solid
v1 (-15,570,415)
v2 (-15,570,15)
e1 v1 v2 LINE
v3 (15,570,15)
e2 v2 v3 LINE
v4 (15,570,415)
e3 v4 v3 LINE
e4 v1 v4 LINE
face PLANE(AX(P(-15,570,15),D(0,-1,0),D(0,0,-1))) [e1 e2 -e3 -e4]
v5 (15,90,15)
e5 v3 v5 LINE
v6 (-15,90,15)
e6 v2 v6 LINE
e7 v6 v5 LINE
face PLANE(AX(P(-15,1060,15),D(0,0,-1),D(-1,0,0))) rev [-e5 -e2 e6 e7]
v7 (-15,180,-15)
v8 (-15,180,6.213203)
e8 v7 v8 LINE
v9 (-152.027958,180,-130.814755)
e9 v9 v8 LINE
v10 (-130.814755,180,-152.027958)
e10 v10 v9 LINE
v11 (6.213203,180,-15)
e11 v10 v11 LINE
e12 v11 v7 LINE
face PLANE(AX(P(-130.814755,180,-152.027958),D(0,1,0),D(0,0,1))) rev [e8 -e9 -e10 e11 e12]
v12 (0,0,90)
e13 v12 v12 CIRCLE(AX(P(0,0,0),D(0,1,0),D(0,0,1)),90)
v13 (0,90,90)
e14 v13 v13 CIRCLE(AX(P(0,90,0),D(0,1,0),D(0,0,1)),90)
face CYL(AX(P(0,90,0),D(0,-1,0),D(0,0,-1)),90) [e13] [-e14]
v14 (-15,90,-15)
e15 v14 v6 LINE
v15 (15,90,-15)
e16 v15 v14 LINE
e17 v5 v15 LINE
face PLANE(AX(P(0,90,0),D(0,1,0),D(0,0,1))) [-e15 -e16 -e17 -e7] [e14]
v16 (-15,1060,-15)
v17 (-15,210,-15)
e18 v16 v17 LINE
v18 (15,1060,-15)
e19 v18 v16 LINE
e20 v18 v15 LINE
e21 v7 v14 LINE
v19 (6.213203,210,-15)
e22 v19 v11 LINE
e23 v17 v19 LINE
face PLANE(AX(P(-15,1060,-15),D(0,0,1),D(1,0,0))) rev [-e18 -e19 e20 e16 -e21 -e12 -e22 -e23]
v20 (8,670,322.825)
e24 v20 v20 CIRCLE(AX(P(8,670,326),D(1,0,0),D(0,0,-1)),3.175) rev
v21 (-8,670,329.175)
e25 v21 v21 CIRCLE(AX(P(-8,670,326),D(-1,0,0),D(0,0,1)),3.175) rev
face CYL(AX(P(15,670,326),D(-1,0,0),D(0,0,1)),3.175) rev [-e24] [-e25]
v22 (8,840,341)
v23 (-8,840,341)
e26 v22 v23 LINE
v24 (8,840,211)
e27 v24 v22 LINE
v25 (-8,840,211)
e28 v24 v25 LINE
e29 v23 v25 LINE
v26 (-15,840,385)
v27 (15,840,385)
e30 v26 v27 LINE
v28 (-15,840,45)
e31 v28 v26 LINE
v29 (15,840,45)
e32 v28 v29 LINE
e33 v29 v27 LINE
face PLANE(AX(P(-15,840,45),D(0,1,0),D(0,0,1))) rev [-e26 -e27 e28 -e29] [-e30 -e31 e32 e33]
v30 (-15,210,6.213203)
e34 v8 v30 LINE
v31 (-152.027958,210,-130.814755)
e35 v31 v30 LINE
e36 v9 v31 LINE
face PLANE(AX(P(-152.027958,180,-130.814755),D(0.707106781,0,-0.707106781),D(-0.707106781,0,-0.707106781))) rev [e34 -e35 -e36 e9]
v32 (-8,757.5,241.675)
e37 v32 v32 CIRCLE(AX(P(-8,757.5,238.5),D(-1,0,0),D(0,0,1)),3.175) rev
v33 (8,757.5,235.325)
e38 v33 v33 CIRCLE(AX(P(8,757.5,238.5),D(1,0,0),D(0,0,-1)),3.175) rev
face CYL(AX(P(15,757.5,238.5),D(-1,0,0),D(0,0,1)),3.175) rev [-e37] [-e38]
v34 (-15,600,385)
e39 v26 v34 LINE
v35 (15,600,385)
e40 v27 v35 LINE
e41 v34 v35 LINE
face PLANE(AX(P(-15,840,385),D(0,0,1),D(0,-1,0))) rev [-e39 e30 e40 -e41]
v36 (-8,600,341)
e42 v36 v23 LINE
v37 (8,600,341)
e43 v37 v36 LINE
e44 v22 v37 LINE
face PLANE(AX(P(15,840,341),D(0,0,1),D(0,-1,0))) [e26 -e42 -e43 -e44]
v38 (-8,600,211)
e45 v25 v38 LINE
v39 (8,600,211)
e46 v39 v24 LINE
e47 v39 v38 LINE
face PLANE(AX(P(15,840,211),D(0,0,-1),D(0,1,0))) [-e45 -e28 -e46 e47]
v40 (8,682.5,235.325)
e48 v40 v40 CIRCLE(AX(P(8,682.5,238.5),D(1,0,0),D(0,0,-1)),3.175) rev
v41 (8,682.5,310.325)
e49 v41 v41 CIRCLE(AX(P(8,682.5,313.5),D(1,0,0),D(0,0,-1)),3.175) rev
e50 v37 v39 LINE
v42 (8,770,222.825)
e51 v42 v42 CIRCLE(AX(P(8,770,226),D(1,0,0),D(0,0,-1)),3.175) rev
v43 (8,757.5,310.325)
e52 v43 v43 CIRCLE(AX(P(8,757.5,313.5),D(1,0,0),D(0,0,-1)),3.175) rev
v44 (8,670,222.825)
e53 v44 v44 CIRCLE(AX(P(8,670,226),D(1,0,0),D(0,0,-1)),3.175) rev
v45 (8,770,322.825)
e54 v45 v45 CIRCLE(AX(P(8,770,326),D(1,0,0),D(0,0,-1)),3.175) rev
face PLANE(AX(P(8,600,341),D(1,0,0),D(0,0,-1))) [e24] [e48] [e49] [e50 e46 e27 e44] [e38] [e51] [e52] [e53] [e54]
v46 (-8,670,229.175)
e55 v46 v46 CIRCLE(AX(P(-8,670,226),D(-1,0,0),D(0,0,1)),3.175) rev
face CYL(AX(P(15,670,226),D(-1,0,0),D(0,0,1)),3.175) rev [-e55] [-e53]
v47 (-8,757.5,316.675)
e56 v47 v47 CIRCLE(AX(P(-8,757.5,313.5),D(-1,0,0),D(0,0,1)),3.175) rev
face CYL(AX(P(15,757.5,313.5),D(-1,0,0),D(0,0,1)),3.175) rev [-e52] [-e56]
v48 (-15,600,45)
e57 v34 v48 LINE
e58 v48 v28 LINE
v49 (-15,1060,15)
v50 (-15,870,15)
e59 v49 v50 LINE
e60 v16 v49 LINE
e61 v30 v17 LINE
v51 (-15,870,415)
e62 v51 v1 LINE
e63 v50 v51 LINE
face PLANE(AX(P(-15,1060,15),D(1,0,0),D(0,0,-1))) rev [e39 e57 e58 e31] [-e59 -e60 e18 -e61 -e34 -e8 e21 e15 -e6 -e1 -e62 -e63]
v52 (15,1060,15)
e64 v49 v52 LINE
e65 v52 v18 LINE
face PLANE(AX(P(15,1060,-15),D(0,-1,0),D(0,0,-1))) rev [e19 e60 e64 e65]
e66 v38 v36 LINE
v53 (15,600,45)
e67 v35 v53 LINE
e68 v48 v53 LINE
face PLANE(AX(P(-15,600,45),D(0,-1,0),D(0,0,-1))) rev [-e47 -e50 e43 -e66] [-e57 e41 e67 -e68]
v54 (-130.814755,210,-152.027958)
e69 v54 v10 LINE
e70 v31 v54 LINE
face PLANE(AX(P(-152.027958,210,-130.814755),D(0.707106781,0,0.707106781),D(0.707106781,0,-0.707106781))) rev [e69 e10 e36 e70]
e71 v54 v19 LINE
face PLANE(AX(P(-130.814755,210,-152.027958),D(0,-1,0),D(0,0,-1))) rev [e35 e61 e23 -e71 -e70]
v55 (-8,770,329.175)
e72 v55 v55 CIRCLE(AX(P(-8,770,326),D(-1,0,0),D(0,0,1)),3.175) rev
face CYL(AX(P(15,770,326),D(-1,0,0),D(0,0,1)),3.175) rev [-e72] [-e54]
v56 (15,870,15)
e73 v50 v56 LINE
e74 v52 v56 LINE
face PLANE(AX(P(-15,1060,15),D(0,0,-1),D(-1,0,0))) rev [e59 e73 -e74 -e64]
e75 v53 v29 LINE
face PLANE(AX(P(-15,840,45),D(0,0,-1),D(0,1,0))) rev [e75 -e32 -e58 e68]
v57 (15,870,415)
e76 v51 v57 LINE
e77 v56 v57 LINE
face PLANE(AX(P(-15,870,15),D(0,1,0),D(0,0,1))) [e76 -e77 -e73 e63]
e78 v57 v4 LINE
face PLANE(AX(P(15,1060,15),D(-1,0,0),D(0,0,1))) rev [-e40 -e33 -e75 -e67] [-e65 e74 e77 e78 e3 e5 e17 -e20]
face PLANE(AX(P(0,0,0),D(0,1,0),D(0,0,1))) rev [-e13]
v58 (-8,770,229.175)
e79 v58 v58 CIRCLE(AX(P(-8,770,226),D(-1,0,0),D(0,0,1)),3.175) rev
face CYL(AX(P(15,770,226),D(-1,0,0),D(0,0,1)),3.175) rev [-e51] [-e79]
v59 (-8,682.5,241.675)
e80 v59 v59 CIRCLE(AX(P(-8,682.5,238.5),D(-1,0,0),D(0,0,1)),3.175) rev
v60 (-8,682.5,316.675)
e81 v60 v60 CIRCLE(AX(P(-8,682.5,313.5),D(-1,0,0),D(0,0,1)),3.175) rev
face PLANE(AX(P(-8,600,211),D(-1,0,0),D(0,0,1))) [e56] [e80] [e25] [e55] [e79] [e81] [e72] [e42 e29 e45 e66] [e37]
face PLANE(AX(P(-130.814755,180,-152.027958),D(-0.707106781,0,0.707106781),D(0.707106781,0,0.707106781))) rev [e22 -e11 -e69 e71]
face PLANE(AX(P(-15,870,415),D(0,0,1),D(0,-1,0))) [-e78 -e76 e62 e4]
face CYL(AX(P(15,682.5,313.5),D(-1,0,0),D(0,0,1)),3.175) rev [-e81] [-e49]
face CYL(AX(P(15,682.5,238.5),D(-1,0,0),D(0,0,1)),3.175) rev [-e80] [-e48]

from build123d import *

# Parameters (mm, degrees)
SKETCH_1_R          = 90
EXTRUDE_1_DEPTH     = 90
SKETCH_2_W          = 30
SKETCH_2_H          = 30
EXTRUDE_2_DEPTH     = 970
SKETCH_3_W          = 30
SKETCH_3_H          = 30
EXTRUDE_3_DEPTH     = 200
SKETCH_5_W          = 400
SKETCH_5_H          = 300
SKETCH_5_W_2        = 340
SKETCH_5_H_2        = 240
EXTRUDE_5_DEPTH     = 30
SKETCH_7_W          = 130
SKETCH_7_H          = 240
SKETCH_7_R          = 3.175
EXTRUDE_6_DEPTH     = 30
SKETCH_8_W          = 130
SKETCH_8_H          = 240
CUT_EXTRUDE_1_DEPTH = 7
SKETCH_9_W          = 130
SKETCH_9_H          = 240
CUT_EXTRUDE_2_DEPTH = 7


with BuildPart() as part:
    # 草圖1 → 填料-伸長1 (new body)
    with BuildSketch(Plane(origin=(0, 0, 0), x_dir=(1, 0, 0), z_dir=(0, 1, 0))):
        Circle(SKETCH_1_R)
    extrude(amount=EXTRUDE_1_DEPTH)

    # 草圖2 → 填料-伸長2 (add)
    with BuildSketch(Plane(origin=(0, 90, 0), x_dir=(1, 0, 0), z_dir=(0, 1, 0))):
        Rectangle(SKETCH_2_W, SKETCH_2_H)
    extrude(amount=EXTRUDE_2_DEPTH)

    # 草圖3 → 填料-伸長3 (add)
    with BuildSketch(Plane(origin=(0, 0, 0), x_dir=(-0.707106781, 0, 0.707106781), z_dir=(-0.707106781, 0, -0.707106781))):
        with Locations((0, 195)):
            Rectangle(SKETCH_3_W, SKETCH_3_H)
    extrude(amount=EXTRUDE_3_DEPTH)

    # 草圖5 → 填料-伸長5 (add)
    with BuildSketch(Plane(origin=(15, 0, 0), x_dir=(0, 0, -1), z_dir=(1, 0, 0))):
        with Locations((-215, 720)):
            Rectangle(SKETCH_5_W, SKETCH_5_H)
        with Locations((-215, 720)):
            Rectangle(SKETCH_5_W_2, SKETCH_5_H_2, mode=Mode.SUBTRACT)
    extrude(amount=-EXTRUDE_5_DEPTH)

    # 草圖7 → 填料-伸長6 (add)
    with BuildSketch(Plane.ZY.offset(15)):
        with Locations((276, 720)):
            Rectangle(SKETCH_7_W, SKETCH_7_H)
        with Locations((313.5, 757.5)):
            Circle(SKETCH_7_R, mode=Mode.SUBTRACT)
        with Locations((238.5, 757.5)):
            Circle(SKETCH_7_R, mode=Mode.SUBTRACT)
        with Locations((238.5, 682.5)):
            Circle(SKETCH_7_R, mode=Mode.SUBTRACT)
        with Locations((313.5, 682.5)):
            Circle(SKETCH_7_R, mode=Mode.SUBTRACT)
        with Locations((326, 770)):
            Circle(SKETCH_7_R, mode=Mode.SUBTRACT)
        with Locations((226, 770)):
            Circle(SKETCH_7_R, mode=Mode.SUBTRACT)
        with Locations((326, 670)):
            Circle(SKETCH_7_R, mode=Mode.SUBTRACT)
        with Locations((226, 670)):
            Circle(SKETCH_7_R, mode=Mode.SUBTRACT)
    extrude(amount=-EXTRUDE_6_DEPTH)

    # 草圖8 → 除料-伸長1 (cut)
    with BuildSketch(Plane.ZY.offset(15)):
        with Locations((276, 720)):
            Rectangle(SKETCH_8_W, SKETCH_8_H)
    extrude(amount=-CUT_EXTRUDE_1_DEPTH, mode=Mode.SUBTRACT)

    # 草圖9 → 除料-伸長2 (cut)
    with BuildSketch(Plane(origin=(15, 0, 0), x_dir=(0, 0, -1), z_dir=(1, 0, 0))):
        with Locations((-276, 720)):
            Rectangle(SKETCH_9_W, SKETCH_9_H)
    extrude(amount=-CUT_EXTRUDE_2_DEPTH, mode=Mode.SUBTRACT)


solid = part.part
